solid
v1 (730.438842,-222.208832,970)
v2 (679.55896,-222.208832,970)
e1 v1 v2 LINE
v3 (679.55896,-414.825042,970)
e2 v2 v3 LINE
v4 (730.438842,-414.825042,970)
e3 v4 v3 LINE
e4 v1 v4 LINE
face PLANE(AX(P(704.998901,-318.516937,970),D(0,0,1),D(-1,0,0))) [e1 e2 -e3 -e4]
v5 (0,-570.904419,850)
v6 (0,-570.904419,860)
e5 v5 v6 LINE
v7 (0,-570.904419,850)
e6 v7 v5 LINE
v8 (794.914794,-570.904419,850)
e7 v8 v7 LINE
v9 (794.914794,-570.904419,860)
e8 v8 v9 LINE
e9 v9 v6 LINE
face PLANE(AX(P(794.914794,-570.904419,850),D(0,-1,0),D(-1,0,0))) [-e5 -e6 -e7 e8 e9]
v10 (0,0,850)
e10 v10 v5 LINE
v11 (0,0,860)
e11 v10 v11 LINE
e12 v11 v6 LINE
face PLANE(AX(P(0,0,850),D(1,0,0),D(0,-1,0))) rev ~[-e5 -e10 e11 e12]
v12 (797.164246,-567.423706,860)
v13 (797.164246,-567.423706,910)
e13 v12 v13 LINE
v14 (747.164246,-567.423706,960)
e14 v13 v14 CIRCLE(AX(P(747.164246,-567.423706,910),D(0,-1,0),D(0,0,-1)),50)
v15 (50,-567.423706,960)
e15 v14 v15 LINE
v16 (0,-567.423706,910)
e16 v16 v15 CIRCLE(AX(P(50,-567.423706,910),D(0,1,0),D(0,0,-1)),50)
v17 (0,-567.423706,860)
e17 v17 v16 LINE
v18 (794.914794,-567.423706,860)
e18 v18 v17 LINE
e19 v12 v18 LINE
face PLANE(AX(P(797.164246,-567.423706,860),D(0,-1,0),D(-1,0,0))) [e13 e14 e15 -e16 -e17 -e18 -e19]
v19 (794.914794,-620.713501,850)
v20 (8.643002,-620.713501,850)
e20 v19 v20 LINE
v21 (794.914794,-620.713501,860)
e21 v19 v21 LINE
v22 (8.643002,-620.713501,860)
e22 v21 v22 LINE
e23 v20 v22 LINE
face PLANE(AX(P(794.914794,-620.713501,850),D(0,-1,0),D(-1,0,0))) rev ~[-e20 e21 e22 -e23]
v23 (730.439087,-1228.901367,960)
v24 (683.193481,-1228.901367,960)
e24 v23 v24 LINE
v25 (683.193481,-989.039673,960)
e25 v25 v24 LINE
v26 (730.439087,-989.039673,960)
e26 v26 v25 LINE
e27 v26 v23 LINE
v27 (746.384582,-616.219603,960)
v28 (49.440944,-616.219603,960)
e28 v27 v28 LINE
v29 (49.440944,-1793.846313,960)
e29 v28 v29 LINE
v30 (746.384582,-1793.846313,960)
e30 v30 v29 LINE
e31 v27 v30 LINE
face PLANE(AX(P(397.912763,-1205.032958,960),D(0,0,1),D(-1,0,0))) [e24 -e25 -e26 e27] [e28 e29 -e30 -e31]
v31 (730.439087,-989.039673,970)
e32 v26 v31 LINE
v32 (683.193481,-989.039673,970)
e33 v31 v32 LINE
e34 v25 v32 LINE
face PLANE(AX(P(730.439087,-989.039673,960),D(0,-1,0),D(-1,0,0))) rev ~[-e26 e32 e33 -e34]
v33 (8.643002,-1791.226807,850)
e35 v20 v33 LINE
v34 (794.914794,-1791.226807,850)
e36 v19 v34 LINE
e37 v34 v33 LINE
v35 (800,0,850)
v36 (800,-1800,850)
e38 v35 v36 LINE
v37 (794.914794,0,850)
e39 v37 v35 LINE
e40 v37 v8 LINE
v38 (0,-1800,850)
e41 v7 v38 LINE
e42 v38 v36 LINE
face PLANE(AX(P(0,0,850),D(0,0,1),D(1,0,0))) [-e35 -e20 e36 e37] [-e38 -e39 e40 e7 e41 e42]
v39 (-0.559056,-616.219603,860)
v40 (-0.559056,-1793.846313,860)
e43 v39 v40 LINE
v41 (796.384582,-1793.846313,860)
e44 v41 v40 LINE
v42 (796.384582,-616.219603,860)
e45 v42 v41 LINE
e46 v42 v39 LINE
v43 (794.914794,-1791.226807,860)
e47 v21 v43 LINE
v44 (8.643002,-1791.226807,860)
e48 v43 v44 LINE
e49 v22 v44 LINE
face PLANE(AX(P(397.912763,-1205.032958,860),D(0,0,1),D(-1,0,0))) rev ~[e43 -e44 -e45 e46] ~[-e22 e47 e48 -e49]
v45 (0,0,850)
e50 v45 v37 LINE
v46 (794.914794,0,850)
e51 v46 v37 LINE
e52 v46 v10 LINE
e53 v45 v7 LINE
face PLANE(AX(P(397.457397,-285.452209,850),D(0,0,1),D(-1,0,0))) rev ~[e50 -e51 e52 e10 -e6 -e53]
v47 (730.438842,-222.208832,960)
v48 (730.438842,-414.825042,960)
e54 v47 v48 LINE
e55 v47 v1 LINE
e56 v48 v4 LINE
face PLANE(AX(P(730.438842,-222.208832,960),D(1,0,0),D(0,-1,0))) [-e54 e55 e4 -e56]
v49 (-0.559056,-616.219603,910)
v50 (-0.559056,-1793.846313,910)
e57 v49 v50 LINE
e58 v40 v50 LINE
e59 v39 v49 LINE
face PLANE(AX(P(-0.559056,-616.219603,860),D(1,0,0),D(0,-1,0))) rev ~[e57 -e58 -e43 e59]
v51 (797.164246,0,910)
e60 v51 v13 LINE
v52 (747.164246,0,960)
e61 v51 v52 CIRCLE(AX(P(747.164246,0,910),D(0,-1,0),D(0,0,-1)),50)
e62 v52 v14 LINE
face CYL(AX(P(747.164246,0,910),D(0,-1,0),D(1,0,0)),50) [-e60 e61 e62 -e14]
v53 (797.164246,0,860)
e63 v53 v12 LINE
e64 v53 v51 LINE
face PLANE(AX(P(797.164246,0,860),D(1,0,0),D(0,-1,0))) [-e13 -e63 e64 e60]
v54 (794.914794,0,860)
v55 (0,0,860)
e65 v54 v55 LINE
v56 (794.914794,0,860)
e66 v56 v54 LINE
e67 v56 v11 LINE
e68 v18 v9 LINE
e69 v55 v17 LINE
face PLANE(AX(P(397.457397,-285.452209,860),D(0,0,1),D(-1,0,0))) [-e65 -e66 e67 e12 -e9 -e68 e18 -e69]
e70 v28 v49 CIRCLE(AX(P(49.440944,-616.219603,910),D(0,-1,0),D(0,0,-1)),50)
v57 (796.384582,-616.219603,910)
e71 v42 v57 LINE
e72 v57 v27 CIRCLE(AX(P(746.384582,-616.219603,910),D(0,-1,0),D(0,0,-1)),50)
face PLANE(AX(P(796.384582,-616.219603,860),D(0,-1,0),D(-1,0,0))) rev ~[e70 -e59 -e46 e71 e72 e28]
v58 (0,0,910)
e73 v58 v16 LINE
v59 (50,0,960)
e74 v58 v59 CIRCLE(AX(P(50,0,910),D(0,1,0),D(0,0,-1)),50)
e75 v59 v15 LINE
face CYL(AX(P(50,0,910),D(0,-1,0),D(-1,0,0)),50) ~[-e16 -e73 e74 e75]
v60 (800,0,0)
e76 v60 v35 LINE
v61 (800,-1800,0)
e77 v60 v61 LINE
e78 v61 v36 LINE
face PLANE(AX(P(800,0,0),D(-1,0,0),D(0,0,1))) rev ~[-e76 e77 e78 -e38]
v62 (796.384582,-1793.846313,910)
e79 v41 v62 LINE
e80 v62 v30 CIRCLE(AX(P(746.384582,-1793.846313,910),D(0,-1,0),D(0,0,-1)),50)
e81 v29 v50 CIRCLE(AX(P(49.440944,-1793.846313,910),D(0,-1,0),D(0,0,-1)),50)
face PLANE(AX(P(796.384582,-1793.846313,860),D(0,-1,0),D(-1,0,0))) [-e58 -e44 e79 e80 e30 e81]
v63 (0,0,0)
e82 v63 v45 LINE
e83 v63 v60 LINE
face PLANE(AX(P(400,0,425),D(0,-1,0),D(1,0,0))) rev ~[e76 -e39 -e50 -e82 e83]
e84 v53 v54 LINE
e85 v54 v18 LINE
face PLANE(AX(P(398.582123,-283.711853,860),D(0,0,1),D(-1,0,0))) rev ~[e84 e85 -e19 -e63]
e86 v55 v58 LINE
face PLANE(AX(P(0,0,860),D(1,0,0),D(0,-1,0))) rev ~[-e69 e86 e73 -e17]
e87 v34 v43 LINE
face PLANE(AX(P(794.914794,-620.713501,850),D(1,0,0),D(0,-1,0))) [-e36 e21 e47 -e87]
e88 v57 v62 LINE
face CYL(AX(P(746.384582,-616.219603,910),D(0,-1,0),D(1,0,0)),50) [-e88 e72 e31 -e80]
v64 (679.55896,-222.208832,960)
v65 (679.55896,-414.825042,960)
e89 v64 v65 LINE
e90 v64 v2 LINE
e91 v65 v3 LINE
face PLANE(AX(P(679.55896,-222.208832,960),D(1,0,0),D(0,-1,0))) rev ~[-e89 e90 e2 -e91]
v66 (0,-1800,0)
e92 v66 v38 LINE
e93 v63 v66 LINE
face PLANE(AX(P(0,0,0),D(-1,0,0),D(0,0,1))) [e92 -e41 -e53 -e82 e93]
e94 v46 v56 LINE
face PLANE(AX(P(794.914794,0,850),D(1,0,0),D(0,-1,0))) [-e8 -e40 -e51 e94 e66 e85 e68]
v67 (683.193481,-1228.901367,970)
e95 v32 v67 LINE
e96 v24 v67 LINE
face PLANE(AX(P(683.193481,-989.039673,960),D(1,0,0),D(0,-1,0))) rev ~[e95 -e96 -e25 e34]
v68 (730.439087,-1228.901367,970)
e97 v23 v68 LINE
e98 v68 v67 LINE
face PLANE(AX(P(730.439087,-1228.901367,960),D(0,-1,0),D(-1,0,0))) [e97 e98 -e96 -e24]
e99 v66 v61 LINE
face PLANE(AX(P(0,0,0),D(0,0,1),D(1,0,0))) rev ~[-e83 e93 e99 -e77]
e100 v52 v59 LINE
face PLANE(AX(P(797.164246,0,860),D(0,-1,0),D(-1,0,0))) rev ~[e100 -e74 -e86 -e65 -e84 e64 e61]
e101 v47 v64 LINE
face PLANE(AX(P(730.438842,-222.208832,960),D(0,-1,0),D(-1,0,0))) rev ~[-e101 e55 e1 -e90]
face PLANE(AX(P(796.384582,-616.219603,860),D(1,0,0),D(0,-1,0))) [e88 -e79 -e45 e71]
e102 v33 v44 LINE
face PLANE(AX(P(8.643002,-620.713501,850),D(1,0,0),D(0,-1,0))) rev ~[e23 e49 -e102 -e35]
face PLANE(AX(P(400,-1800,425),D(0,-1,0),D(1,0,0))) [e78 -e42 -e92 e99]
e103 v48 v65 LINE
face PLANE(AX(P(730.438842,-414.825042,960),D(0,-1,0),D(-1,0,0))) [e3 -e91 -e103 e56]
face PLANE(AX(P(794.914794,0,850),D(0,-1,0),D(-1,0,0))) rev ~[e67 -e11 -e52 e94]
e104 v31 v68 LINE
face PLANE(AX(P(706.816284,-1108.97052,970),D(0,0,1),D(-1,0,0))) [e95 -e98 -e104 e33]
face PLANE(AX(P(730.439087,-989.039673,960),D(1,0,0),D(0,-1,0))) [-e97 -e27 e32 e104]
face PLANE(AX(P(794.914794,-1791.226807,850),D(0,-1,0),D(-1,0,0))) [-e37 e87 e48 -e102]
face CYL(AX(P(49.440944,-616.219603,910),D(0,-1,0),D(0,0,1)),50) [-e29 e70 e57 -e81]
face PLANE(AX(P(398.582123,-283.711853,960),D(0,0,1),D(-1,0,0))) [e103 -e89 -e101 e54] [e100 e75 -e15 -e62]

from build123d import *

# Parameters (mm, degrees)
SKETCH_W      = 800
SKETCH_H      = 850
PAD_DEPTH     = 1800
SKETCH001_W   = 786.271793
SKETCH001_H   = 1170.513306
SKETCH001_W_2 = 794.914795
SKETCH001_H_2 = 570.904419
PAD001_DEPTH  = 10
SKETCH002_W   = 796.943639
SKETCH002_H   = 1177.626709
SKETCH002_W_2 = 797.164246
SKETCH002_H_2 = 567.423706
PAD002_DEPTH  = 100
FILLET_R      = 50
SKETCH003_W   = 50.879883
SKETCH003_H   = 192.616211
SKETCH003_W_2 = 47.245606
SKETCH003_H_2 = 239.861694
PAD003_DEPTH  = 10


with BuildPart() as part:
    # Sketch → Pad (new body)
    with BuildSketch(Plane.XZ):
        with Locations((400, 425)):
            Rectangle(SKETCH_W, SKETCH_H)
    extrude(amount=PAD_DEPTH)

    # Sketch001 (on Face3 of Pad) → Pad001 (join)
    with BuildSketch(Plane(origin=(0, 0, 850), x_dir=(-1, 0, 0), z_dir=(0, 0, 1))):
        with Locations((-401.778898, 1205.970154)):
            Rectangle(SKETCH001_W, SKETCH001_H)
        with Locations((-397.457397, 285.452209)):
            Rectangle(SKETCH001_W_2, SKETCH001_H_2)
    extrude(amount=PAD001_DEPTH)

    # Sketch002 (on Face6 of Pad001) → Pad002 (join)
    with BuildSketch(Plane(origin=(0, 0, 860), x_dir=(-1, 0, 0), z_dir=(0, 0, 1))):
        with Locations((-397.912763, 1205.032958)):
            Rectangle(SKETCH002_W, SKETCH002_H)
        with Locations((-398.582123, 283.711853)):
            Rectangle(SKETCH002_W_2, SKETCH002_H_2)
    extrude(amount=PAD002_DEPTH)

    # Fillet
    fillet_edges = [part.edges().sort_by_distance(p)[0] for p in [
        (0, -283.711853, 960),
        (797.164246, -283.711853, 960),
        (-0.559056, -1205.032958, 960),
        (796.384583, -1205.032958, 960),
    ]]
    fillet(fillet_edges, radius=FILLET_R)

    # Sketch003 (on Face27 of Fillet) → Pad003 (join)
    with BuildSketch(Plane(origin=(0, 0, 960), x_dir=(-1, 0, 0), z_dir=(0, 0, 1))):
        with Locations((-704.998901, 318.516937)):
            Rectangle(SKETCH003_W, SKETCH003_H)
        with Locations((-706.816284, 1108.97052)):
            Rectangle(SKETCH003_W_2, SKETCH003_H_2)
    extrude(amount=PAD003_DEPTH)


solid = part.part
